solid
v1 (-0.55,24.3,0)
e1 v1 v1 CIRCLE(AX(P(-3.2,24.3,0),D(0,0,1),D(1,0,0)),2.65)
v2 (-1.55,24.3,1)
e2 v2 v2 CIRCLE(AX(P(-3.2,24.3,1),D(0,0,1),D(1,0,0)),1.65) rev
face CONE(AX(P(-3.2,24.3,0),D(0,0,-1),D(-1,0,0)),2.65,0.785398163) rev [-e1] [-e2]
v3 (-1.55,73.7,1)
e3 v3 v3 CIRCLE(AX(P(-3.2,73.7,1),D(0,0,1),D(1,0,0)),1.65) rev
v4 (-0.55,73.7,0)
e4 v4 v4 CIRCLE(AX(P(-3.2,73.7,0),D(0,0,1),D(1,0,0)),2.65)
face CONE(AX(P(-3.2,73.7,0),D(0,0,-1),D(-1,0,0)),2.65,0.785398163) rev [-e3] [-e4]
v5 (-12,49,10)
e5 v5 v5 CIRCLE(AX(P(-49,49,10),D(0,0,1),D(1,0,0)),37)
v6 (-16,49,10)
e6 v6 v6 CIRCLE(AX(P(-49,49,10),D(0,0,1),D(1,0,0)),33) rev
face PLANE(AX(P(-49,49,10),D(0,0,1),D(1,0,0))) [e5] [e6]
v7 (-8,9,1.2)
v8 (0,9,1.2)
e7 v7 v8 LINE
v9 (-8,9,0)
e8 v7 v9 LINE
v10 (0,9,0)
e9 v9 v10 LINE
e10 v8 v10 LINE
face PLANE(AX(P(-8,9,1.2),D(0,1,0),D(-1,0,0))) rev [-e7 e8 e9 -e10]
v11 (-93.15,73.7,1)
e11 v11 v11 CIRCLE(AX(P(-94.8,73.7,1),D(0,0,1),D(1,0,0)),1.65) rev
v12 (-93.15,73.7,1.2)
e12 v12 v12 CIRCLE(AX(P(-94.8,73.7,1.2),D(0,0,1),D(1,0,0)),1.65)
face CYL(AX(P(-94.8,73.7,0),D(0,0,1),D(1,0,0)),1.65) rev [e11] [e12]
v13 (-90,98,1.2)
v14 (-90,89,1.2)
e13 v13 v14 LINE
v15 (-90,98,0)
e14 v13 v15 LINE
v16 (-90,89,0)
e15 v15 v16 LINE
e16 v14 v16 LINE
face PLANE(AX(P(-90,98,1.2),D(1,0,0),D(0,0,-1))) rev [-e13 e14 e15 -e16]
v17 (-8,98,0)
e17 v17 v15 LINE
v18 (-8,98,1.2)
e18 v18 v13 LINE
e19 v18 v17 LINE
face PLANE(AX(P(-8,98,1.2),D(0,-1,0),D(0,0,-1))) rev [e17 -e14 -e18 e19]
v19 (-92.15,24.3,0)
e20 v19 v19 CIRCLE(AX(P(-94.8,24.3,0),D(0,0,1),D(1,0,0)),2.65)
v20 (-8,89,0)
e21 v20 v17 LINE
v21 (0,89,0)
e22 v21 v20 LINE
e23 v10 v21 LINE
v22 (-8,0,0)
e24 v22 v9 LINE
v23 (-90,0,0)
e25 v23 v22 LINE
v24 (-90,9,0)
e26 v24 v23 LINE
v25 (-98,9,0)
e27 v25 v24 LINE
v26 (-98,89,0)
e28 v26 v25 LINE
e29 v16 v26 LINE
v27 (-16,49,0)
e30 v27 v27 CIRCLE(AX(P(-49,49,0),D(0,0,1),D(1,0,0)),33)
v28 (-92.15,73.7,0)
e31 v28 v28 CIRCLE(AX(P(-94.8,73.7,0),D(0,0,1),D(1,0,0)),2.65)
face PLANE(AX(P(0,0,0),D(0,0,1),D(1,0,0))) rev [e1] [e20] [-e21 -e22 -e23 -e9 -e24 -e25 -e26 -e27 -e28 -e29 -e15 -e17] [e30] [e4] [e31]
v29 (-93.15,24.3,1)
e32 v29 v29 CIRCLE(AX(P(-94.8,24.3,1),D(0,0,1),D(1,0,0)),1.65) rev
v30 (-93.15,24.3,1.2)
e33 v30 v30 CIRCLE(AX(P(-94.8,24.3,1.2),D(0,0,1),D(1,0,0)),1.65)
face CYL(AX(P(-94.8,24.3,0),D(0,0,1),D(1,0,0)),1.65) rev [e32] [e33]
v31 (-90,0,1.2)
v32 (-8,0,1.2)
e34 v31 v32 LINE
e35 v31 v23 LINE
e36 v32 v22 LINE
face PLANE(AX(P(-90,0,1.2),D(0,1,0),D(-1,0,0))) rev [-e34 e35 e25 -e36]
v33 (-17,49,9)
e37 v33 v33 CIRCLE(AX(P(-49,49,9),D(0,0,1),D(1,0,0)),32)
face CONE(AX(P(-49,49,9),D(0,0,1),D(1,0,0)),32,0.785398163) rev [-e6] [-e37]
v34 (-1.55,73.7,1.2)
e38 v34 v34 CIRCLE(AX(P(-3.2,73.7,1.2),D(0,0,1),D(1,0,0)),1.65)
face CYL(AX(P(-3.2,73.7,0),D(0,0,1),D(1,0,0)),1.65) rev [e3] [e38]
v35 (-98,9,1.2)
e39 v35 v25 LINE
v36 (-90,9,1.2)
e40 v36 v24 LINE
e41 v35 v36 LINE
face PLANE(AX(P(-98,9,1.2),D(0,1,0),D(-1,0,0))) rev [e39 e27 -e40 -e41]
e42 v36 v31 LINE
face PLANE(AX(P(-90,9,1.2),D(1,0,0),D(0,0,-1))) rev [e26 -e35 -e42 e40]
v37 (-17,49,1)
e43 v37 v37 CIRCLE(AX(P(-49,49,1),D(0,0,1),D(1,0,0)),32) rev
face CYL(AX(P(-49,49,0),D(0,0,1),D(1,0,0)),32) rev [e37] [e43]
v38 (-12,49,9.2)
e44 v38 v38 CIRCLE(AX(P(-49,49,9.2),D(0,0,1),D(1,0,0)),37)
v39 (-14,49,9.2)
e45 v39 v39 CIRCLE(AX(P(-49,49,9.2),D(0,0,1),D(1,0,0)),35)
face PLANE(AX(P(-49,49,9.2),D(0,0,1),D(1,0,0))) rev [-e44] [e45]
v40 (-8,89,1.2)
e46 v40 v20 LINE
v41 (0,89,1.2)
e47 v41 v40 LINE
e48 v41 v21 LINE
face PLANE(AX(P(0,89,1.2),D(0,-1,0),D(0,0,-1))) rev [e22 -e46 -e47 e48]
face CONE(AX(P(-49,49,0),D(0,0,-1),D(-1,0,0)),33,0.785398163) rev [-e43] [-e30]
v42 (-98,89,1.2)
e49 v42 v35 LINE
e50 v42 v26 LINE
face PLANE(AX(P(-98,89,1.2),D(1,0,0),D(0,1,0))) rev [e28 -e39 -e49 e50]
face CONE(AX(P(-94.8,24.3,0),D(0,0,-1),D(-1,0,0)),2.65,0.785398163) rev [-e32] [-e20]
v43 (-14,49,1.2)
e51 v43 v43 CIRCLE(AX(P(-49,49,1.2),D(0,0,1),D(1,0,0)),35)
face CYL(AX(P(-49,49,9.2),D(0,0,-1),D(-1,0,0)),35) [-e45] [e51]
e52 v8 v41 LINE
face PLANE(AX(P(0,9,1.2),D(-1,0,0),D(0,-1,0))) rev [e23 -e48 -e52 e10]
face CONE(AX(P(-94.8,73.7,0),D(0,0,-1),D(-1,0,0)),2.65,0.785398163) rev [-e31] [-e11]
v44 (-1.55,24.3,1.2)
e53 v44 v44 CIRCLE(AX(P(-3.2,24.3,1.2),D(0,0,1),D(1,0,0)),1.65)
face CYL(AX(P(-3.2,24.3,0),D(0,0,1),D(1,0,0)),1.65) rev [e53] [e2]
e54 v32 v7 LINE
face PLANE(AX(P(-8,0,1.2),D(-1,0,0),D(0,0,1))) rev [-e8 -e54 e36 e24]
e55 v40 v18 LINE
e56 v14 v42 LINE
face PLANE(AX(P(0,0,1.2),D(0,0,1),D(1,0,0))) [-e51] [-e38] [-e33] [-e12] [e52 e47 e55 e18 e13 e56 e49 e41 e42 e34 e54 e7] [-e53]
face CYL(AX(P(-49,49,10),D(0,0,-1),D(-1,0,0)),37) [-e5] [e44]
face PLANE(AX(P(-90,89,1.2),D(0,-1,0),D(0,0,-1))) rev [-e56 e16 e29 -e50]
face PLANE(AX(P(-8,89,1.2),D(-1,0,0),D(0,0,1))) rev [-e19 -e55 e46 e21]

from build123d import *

# Parameters (mm, degrees)
BOSS_EXTRUDE1_DEPTH = 1.2
SKETCH2_R           = 1.65
CUT_EXTRUDE1_DEPTH  = 1.2
SKETCH3_R           = 35
BOSS_EXTRUDE2_DEPTH = 8
SKETCH5_R           = 37
BOSS_EXTRUDE3_DEPTH = 0.8
SKETCH6_R           = 32
CUT_EXTRUDE2_DEPTH  = 139.953229541
CHAMFER1_SIZE       = 1
CHAMFER2_SIZE       = 1


with BuildPart() as part:
    # Sketch1 → Boss-Extrude1 (new body)
    with BuildSketch(Plane(origin=(0, 0, 0), x_dir=(0, 1, 0), z_dir=(0, 0, 1))):
        Polygon((0, 8), (9, 8), (9, 0), (89, 0), (89, 8), (98, 8), (98, 90), (89, 90), (89, 98), (9, 98), (9, 90), (0, 90), align=None)
    extrude(amount=BOSS_EXTRUDE1_DEPTH)

    # Sketch2 → Cut-Extrude1 (cut)
    with BuildSketch(Plane.XY.offset(1.2)):
        with Locations((-94.8, 73.7)):
            Circle(SKETCH2_R)
        with Locations((-94.8, 24.3)):
            Circle(SKETCH2_R)
        with Locations((-3.2, 24.3)):
            Circle(SKETCH2_R)
        with Locations((-3.2, 73.7)):
            Circle(SKETCH2_R)
    extrude(amount=-CUT_EXTRUDE1_DEPTH, mode=Mode.SUBTRACT)

    # Sketch3 → Boss-Extrude2 (add)
    with BuildSketch(Plane.XY.offset(1.2)):
        with Locations((-49, 49)):
            Circle(SKETCH3_R)
    extrude(amount=BOSS_EXTRUDE2_DEPTH)

    # Sketch5 → Boss-Extrude3 (add)
    with BuildSketch(Plane.XY.offset(9.2)):
        with Locations((-49, 49)):
            Circle(SKETCH5_R)
    extrude(amount=BOSS_EXTRUDE3_DEPTH)

    # Sketch6 → Cut-Extrude2 (cut, through all)
    with BuildSketch(Plane.XY.offset(10)):
        with Locations((-49, 49)):
            Circle(SKETCH6_R)
    extrude(amount=-CUT_EXTRUDE2_DEPTH, mode=Mode.SUBTRACT)

    # Chamfer1
    chamfer1_edges = [part.edges().sort_by_distance(p)[0] for p in [
        (-4.85, 73.7, 0),
        (-4.85, 24.3, 0),
        (-96.45, 24.3, 0),
        (-96.45, 73.7, 0),
    ]]
    chamfer(chamfer1_edges, length=CHAMFER1_SIZE)

    # Chamfer2
    chamfer2_edges = [part.edges().sort_by_distance(p)[0] for p in [
        (-81, 49, 0),
        (-81, 49, 10),
    ]]
    chamfer(chamfer2_edges, length=CHAMFER2_SIZE)


solid = part.part
